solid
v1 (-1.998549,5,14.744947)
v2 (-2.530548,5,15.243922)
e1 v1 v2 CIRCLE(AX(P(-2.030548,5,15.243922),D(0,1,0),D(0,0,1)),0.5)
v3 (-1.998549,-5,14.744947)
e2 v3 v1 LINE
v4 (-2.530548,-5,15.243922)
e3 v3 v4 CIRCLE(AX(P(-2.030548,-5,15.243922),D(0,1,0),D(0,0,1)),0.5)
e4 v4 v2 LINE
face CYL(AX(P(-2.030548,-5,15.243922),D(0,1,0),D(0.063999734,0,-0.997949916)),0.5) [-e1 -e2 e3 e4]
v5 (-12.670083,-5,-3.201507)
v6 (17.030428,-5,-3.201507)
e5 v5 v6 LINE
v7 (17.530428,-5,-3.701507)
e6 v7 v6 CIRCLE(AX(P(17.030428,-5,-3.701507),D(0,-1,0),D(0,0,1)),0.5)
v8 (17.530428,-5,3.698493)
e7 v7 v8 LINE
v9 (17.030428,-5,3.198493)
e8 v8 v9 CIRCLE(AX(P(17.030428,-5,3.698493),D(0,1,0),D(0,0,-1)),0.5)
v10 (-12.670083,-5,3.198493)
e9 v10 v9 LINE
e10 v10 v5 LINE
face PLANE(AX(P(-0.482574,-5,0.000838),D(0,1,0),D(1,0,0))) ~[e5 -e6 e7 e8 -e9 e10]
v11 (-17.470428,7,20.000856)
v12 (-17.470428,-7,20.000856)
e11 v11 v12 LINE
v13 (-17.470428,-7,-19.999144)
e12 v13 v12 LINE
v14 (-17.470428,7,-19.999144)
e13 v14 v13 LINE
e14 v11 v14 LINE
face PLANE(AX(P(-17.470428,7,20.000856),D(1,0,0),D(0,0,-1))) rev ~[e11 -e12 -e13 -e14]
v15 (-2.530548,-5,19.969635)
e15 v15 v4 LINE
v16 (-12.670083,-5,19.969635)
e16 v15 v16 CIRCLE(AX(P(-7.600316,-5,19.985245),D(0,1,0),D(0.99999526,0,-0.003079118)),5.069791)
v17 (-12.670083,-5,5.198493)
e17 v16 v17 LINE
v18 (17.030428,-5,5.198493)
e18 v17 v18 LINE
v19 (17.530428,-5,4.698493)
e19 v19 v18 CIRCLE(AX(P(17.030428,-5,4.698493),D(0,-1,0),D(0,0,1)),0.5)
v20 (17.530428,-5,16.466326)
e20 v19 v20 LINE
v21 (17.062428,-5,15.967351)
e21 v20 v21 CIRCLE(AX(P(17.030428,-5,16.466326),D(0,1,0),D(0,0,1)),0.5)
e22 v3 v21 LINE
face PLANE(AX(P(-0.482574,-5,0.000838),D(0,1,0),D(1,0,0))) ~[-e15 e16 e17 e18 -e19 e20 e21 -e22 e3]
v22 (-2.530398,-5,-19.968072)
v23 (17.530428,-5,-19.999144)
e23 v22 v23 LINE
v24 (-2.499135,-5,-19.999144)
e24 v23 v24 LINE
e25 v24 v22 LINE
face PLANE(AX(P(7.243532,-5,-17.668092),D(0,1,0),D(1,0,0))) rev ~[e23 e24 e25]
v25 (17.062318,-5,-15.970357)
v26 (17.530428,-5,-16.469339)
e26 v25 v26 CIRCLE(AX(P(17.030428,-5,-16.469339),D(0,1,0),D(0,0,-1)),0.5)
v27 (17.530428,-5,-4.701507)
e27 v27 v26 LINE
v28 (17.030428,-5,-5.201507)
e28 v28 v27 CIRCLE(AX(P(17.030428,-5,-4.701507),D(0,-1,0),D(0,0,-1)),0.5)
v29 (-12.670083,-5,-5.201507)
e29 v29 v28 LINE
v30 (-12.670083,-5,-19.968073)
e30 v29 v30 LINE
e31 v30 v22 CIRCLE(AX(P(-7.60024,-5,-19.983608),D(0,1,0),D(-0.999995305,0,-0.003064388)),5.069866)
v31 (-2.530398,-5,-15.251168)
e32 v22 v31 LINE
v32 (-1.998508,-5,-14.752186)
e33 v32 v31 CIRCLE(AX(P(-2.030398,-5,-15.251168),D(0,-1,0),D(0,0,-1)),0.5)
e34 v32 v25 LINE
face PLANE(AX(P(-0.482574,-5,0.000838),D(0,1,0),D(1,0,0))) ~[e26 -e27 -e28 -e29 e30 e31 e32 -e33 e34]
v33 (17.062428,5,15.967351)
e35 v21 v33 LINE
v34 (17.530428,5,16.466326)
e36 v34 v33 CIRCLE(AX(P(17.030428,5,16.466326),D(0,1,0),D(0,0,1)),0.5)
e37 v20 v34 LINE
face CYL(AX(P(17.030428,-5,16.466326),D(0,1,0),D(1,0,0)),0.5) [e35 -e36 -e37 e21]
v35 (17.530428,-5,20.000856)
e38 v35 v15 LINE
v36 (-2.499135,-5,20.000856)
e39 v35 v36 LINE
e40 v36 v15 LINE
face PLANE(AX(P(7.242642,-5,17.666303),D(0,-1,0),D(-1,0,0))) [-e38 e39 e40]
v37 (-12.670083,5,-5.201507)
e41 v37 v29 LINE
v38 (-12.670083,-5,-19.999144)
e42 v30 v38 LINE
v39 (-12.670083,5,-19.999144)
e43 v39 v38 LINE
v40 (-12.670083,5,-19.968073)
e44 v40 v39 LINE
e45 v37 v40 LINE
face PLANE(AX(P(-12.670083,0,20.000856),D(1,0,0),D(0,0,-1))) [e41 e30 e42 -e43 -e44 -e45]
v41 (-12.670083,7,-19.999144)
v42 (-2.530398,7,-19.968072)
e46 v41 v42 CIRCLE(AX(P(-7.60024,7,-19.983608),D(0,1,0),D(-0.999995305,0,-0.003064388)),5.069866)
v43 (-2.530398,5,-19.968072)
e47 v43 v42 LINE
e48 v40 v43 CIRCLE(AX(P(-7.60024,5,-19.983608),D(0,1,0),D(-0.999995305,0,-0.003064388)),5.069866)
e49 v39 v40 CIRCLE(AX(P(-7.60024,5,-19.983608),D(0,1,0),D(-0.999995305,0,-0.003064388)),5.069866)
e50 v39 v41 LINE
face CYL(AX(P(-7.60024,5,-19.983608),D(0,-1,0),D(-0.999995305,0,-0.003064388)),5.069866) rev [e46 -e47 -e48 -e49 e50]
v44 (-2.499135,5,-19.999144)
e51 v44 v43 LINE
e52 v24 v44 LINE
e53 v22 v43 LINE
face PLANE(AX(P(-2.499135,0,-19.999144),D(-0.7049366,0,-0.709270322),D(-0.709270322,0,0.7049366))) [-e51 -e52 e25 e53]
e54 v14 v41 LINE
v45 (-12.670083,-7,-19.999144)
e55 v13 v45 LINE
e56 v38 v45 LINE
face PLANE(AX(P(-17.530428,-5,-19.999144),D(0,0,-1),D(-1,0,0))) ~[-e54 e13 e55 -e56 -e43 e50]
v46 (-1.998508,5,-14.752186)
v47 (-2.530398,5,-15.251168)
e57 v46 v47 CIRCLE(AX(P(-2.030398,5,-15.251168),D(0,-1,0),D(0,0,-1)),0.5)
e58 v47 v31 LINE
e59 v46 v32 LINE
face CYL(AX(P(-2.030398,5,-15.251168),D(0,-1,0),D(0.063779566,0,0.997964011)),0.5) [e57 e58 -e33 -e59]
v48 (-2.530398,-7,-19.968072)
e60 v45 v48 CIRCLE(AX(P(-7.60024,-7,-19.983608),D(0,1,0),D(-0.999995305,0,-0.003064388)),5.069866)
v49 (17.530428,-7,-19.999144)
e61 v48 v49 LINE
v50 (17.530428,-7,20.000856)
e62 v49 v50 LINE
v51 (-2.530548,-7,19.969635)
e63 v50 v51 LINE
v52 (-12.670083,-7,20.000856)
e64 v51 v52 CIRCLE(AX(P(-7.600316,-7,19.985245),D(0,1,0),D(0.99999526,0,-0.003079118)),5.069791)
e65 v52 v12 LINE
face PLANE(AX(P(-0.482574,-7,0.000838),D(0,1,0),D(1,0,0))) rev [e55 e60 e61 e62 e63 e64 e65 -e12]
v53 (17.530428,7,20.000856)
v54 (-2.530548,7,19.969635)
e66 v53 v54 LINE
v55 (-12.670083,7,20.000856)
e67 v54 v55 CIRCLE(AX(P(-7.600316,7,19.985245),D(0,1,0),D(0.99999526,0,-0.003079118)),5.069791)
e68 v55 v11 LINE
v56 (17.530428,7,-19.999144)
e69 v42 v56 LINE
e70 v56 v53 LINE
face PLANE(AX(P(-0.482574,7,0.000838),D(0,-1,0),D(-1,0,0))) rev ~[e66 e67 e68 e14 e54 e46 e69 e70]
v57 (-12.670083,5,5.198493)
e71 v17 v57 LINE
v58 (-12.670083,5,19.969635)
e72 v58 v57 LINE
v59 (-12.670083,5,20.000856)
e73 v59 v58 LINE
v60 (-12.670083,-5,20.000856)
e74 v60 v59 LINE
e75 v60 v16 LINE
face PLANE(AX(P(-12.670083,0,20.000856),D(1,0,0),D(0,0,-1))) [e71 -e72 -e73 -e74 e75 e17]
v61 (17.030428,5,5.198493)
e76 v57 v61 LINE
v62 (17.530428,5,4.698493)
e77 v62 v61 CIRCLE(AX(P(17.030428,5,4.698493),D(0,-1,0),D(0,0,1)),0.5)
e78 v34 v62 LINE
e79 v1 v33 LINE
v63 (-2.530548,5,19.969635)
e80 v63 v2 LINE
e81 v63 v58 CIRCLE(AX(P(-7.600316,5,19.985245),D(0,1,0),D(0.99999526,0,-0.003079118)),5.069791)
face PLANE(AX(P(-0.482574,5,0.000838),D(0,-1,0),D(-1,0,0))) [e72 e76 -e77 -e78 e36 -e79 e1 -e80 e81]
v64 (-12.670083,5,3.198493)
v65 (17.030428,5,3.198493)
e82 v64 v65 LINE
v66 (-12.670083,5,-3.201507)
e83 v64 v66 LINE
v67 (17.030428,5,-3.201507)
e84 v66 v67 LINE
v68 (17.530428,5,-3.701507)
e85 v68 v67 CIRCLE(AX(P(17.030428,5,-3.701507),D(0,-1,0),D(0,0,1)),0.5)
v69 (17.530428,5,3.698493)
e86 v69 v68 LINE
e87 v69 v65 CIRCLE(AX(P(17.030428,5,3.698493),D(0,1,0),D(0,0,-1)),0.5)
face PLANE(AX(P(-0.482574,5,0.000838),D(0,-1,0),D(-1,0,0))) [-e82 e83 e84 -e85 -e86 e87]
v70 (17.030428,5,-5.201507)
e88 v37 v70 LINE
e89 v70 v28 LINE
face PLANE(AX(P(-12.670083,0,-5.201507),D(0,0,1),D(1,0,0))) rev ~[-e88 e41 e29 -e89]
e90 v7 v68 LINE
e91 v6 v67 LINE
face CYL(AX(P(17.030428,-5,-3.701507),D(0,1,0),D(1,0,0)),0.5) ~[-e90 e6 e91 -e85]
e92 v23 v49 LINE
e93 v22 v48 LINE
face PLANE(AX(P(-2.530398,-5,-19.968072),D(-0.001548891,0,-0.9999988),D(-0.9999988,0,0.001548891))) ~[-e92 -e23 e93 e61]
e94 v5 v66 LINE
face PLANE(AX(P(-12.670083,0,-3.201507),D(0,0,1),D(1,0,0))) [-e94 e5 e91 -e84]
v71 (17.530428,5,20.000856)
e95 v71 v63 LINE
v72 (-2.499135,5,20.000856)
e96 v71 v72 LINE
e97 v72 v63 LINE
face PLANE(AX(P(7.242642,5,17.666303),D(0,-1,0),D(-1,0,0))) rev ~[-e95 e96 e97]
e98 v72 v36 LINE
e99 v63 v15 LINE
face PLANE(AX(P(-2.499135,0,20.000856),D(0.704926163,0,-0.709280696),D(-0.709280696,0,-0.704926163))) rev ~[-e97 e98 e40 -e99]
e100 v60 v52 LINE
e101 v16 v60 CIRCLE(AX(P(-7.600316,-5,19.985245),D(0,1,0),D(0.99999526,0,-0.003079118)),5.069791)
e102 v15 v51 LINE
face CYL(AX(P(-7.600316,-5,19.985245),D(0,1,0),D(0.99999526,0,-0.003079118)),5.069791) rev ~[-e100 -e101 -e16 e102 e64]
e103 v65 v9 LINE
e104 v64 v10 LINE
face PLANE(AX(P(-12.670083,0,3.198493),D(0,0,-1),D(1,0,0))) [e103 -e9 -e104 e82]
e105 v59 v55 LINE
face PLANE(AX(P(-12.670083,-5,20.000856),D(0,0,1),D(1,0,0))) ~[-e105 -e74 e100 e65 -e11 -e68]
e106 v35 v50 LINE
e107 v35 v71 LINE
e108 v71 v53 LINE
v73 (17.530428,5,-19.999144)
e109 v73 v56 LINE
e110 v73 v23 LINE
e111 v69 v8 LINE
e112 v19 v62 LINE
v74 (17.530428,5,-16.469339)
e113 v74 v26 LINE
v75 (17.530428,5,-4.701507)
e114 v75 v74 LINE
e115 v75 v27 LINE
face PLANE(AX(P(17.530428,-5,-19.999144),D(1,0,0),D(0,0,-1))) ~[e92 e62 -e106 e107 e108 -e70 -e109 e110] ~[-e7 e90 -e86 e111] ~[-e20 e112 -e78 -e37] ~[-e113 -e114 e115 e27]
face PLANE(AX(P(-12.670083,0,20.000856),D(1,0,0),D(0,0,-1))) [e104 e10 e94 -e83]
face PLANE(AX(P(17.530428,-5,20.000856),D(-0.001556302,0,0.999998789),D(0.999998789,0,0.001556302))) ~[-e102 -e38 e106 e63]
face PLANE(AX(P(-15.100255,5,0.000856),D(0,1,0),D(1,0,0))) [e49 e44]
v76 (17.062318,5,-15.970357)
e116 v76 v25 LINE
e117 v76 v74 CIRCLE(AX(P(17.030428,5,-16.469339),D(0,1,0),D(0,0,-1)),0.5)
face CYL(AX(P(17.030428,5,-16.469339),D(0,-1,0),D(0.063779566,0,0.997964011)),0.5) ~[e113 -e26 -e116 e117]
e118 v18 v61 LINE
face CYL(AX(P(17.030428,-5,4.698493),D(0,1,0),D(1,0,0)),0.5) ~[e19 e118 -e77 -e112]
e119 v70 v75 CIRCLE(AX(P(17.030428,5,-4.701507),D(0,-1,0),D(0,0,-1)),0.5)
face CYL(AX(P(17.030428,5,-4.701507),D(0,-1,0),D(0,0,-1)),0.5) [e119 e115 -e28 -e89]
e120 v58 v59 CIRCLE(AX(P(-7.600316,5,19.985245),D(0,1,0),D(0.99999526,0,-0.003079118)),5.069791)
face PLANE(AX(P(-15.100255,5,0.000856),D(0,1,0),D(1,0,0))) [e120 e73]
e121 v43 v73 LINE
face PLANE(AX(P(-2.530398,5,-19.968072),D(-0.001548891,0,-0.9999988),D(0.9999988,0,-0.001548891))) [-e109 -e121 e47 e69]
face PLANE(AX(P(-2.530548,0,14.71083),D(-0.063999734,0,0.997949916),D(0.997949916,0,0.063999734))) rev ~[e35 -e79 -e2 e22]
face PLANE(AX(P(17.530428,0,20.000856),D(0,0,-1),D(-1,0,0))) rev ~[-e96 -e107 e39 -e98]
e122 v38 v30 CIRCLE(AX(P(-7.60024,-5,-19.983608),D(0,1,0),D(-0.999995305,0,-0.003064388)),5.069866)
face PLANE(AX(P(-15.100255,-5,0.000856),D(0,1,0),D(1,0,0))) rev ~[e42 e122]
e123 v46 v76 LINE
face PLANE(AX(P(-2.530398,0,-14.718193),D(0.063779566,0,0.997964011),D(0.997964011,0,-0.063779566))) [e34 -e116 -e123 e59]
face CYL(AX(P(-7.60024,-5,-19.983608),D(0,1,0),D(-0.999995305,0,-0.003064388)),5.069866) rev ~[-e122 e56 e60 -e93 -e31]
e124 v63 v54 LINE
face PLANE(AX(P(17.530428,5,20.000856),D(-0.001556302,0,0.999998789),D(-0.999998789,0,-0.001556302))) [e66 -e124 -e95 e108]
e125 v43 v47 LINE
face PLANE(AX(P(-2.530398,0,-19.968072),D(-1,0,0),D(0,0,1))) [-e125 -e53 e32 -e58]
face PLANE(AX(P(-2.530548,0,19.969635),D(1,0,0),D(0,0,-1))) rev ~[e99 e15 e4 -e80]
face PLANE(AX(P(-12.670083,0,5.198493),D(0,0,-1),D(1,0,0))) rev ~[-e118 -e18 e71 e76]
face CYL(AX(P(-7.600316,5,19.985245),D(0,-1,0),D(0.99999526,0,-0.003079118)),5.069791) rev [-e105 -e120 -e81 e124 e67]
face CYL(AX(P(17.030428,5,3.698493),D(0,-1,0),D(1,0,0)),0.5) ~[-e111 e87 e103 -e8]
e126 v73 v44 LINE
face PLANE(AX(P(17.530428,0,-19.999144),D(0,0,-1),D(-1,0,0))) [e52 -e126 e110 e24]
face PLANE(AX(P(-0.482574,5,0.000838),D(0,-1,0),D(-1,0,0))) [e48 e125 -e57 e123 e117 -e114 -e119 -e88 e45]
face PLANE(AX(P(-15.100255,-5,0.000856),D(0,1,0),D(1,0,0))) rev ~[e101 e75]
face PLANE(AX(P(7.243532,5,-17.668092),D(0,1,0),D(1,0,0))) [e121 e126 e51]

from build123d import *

# Parameters (mm, degrees)
SALIENTE_EXTRUIR1_DEPTH   = 5
SALIENTE_EXTRUIR1_2_DEPTH = 5
CROQUIS1_W                = 4.860345515
CROQUIS1_H                = 40
SALIENTE_EXTRUIR1_3_DEPTH = 5
SALIENTE_EXTRUIR2_DEPTH   = 2
REDONDEO1_R               = 0.5
REDONDEO2_R               = 0.5
REDONDEO3_R               = 0.5
CROQUIS5_W                = 30.200510783
CROQUIS5_H                = 2
SALIENTE_EXTRUIR3_DEPTH   = 5
REDONDEO4_R               = 0.5
CROQUIS6_W                = 0.06
CROQUIS6_H                = 40
CORTAR_EXTRUIR4_DEPTH     = 17


with BuildPart() as part:
    # Croquis1 → Saliente-Extruir1 (new, symmetric)
    with BuildSketch(Plane(origin=(0, 0, 0), x_dir=(1, 0, 0), z_dir=(0, 1, 0))):
        Polygon((17.530428149, 19.999144472), (-2.49913463, 19.999144472), (-2.53039772, 19.968072403), (-2.53039772, 14.718192691), (17.530428149, 16.000273752), align=None)
    extrude(amount=SALIENTE_EXTRUIR1_DEPTH, both=True)



with BuildPart() as body_2:
    # Croquis1 → Saliente-Extruir1 2 (new, symmetric)
    with BuildSketch(Plane(origin=(0, 0, 0), x_dir=(1, 0, 0), z_dir=(0, 1, 0))):
        Polygon((17.530428149, -20.000855528), (-2.49913463, -20.000855528), (-2.530548466, -19.969634553), (-2.530548466, -14.710829577), (17.530428149, -15.997364244), align=None)
    extrude(amount=SALIENTE_EXTRUIR1_2_DEPTH, both=True)


with BuildPart() as body_3:
    # Croquis1 → Saliente-Extruir1 3 (new, symmetric)
    with BuildSketch(Plane(origin=(0, 0, 0), x_dir=(1, 0, 0), z_dir=(0, 1, 0))):
        with Locations((-15.100255392, -0.000855528)):
            Rectangle(CROQUIS1_W, CROQUIS1_H)
    extrude(amount=SALIENTE_EXTRUIR1_3_DEPTH, both=True)


with BuildPart() as part_1:
    add(part.part)

    add(body_2.part)  # Saliente-Extruir2 merges body 2

    add(body_3.part)  # Saliente-Extruir2 merges body 3
    # Croquis3 → Saliente-Extruir2 (add)
    with BuildSketch(Plane(origin=(0, 5, 0), x_dir=(1, 0, 0), z_dir=(0, 1, 0))):
        with BuildLine():
            Line((-17.530428149, 19.999144472), (-12.670082634, 19.999144472))
            ThreePointArc((-12.670082634, 19.999144472), (-7.615776211, 14.91376598), (-2.53039772, 19.968072403))
            Line((-2.53039772, 19.968072403), (17.530428149, 19.999144472))
            Line((17.530428149, 19.999144472), (17.530428149, -20.000855528))
            Line((17.530428149, -20.000855528), (-2.530548466, -19.969634553))
            ThreePointArc((-2.530548466, -19.969634553), (-7.615926037, -14.915477956), (-12.670082634, -20.000855528))
            Line((-12.670082634, -20.000855528), (-17.530428149, -20.000855528))
            Line((-17.530428149, -20.000855528), (-17.530428149, 19.999144472))
        make_face()
    saliente_extruir2 = extrude(amount=SALIENTE_EXTRUIR2_DEPTH)

    # Simetría1: Saliente-Extruir2 across plane
    add(saliente_extruir2.mirror(Plane.ZX))

    # Redondeo1
    redondeo1_edges = [part_1.edges().sort_by_distance(p)[0] for p in [
        (-2.530548466, 0, 14.710829577),
    ]]
    fillet(redondeo1_edges, radius=REDONDEO1_R)

    # Redondeo2
    redondeo2_edges = [part_1.edges().sort_by_distance(p)[0] for p in [
        (-2.53039772, 0, -14.718192691),
    ]]
    fillet(redondeo2_edges, radius=REDONDEO2_R)

    # Redondeo3
    redondeo3_edges = [part_1.edges().sort_by_distance(p)[0] for p in [
        (17.530428149, 0, 15.997364244),
        (17.530428149, 0, -16.000273752),
    ]]
    fillet(redondeo3_edges, radius=REDONDEO3_R)

    # Croquis5 → Saliente-Extruir3 (add, symmetric)
    with BuildSketch(Plane(origin=(0, 0, 0), x_dir=(1, 0, 0), z_dir=(0, 1, 0))):
        with Locations((2.430172758, -4.198493404)):
            Rectangle(CROQUIS5_W, CROQUIS5_H)
        with Locations((2.430172758, 4.201506596)):
            Rectangle(CROQUIS5_W, CROQUIS5_H)
    extrude(amount=SALIENTE_EXTRUIR3_DEPTH, both=True)

    # Redondeo4
    redondeo4_edges = [part_1.edges().sort_by_distance(p)[0] for p in [
        (17.530428149, 0, -3.201506596),
        (17.530428149, 0, -5.201506596),
        (17.530428149, 0, 5.198493404),
        (17.530428149, 0, 3.198493404),
    ]]
    fillet(redondeo4_edges, radius=REDONDEO4_R)

    # Croquis6 → Cortar-Extruir4 (cut)
    with BuildSketch(Plane(origin=(0, 7, 0), x_dir=(1, 0, 0), z_dir=(0, 1, 0))):
        with Locations((-17.500428149, -0.000855528)):
            Rectangle(CROQUIS6_W, CROQUIS6_H)
    extrude(amount=-CORTAR_EXTRUIR4_DEPTH, mode=Mode.SUBTRACT)


solid = part_1.part
